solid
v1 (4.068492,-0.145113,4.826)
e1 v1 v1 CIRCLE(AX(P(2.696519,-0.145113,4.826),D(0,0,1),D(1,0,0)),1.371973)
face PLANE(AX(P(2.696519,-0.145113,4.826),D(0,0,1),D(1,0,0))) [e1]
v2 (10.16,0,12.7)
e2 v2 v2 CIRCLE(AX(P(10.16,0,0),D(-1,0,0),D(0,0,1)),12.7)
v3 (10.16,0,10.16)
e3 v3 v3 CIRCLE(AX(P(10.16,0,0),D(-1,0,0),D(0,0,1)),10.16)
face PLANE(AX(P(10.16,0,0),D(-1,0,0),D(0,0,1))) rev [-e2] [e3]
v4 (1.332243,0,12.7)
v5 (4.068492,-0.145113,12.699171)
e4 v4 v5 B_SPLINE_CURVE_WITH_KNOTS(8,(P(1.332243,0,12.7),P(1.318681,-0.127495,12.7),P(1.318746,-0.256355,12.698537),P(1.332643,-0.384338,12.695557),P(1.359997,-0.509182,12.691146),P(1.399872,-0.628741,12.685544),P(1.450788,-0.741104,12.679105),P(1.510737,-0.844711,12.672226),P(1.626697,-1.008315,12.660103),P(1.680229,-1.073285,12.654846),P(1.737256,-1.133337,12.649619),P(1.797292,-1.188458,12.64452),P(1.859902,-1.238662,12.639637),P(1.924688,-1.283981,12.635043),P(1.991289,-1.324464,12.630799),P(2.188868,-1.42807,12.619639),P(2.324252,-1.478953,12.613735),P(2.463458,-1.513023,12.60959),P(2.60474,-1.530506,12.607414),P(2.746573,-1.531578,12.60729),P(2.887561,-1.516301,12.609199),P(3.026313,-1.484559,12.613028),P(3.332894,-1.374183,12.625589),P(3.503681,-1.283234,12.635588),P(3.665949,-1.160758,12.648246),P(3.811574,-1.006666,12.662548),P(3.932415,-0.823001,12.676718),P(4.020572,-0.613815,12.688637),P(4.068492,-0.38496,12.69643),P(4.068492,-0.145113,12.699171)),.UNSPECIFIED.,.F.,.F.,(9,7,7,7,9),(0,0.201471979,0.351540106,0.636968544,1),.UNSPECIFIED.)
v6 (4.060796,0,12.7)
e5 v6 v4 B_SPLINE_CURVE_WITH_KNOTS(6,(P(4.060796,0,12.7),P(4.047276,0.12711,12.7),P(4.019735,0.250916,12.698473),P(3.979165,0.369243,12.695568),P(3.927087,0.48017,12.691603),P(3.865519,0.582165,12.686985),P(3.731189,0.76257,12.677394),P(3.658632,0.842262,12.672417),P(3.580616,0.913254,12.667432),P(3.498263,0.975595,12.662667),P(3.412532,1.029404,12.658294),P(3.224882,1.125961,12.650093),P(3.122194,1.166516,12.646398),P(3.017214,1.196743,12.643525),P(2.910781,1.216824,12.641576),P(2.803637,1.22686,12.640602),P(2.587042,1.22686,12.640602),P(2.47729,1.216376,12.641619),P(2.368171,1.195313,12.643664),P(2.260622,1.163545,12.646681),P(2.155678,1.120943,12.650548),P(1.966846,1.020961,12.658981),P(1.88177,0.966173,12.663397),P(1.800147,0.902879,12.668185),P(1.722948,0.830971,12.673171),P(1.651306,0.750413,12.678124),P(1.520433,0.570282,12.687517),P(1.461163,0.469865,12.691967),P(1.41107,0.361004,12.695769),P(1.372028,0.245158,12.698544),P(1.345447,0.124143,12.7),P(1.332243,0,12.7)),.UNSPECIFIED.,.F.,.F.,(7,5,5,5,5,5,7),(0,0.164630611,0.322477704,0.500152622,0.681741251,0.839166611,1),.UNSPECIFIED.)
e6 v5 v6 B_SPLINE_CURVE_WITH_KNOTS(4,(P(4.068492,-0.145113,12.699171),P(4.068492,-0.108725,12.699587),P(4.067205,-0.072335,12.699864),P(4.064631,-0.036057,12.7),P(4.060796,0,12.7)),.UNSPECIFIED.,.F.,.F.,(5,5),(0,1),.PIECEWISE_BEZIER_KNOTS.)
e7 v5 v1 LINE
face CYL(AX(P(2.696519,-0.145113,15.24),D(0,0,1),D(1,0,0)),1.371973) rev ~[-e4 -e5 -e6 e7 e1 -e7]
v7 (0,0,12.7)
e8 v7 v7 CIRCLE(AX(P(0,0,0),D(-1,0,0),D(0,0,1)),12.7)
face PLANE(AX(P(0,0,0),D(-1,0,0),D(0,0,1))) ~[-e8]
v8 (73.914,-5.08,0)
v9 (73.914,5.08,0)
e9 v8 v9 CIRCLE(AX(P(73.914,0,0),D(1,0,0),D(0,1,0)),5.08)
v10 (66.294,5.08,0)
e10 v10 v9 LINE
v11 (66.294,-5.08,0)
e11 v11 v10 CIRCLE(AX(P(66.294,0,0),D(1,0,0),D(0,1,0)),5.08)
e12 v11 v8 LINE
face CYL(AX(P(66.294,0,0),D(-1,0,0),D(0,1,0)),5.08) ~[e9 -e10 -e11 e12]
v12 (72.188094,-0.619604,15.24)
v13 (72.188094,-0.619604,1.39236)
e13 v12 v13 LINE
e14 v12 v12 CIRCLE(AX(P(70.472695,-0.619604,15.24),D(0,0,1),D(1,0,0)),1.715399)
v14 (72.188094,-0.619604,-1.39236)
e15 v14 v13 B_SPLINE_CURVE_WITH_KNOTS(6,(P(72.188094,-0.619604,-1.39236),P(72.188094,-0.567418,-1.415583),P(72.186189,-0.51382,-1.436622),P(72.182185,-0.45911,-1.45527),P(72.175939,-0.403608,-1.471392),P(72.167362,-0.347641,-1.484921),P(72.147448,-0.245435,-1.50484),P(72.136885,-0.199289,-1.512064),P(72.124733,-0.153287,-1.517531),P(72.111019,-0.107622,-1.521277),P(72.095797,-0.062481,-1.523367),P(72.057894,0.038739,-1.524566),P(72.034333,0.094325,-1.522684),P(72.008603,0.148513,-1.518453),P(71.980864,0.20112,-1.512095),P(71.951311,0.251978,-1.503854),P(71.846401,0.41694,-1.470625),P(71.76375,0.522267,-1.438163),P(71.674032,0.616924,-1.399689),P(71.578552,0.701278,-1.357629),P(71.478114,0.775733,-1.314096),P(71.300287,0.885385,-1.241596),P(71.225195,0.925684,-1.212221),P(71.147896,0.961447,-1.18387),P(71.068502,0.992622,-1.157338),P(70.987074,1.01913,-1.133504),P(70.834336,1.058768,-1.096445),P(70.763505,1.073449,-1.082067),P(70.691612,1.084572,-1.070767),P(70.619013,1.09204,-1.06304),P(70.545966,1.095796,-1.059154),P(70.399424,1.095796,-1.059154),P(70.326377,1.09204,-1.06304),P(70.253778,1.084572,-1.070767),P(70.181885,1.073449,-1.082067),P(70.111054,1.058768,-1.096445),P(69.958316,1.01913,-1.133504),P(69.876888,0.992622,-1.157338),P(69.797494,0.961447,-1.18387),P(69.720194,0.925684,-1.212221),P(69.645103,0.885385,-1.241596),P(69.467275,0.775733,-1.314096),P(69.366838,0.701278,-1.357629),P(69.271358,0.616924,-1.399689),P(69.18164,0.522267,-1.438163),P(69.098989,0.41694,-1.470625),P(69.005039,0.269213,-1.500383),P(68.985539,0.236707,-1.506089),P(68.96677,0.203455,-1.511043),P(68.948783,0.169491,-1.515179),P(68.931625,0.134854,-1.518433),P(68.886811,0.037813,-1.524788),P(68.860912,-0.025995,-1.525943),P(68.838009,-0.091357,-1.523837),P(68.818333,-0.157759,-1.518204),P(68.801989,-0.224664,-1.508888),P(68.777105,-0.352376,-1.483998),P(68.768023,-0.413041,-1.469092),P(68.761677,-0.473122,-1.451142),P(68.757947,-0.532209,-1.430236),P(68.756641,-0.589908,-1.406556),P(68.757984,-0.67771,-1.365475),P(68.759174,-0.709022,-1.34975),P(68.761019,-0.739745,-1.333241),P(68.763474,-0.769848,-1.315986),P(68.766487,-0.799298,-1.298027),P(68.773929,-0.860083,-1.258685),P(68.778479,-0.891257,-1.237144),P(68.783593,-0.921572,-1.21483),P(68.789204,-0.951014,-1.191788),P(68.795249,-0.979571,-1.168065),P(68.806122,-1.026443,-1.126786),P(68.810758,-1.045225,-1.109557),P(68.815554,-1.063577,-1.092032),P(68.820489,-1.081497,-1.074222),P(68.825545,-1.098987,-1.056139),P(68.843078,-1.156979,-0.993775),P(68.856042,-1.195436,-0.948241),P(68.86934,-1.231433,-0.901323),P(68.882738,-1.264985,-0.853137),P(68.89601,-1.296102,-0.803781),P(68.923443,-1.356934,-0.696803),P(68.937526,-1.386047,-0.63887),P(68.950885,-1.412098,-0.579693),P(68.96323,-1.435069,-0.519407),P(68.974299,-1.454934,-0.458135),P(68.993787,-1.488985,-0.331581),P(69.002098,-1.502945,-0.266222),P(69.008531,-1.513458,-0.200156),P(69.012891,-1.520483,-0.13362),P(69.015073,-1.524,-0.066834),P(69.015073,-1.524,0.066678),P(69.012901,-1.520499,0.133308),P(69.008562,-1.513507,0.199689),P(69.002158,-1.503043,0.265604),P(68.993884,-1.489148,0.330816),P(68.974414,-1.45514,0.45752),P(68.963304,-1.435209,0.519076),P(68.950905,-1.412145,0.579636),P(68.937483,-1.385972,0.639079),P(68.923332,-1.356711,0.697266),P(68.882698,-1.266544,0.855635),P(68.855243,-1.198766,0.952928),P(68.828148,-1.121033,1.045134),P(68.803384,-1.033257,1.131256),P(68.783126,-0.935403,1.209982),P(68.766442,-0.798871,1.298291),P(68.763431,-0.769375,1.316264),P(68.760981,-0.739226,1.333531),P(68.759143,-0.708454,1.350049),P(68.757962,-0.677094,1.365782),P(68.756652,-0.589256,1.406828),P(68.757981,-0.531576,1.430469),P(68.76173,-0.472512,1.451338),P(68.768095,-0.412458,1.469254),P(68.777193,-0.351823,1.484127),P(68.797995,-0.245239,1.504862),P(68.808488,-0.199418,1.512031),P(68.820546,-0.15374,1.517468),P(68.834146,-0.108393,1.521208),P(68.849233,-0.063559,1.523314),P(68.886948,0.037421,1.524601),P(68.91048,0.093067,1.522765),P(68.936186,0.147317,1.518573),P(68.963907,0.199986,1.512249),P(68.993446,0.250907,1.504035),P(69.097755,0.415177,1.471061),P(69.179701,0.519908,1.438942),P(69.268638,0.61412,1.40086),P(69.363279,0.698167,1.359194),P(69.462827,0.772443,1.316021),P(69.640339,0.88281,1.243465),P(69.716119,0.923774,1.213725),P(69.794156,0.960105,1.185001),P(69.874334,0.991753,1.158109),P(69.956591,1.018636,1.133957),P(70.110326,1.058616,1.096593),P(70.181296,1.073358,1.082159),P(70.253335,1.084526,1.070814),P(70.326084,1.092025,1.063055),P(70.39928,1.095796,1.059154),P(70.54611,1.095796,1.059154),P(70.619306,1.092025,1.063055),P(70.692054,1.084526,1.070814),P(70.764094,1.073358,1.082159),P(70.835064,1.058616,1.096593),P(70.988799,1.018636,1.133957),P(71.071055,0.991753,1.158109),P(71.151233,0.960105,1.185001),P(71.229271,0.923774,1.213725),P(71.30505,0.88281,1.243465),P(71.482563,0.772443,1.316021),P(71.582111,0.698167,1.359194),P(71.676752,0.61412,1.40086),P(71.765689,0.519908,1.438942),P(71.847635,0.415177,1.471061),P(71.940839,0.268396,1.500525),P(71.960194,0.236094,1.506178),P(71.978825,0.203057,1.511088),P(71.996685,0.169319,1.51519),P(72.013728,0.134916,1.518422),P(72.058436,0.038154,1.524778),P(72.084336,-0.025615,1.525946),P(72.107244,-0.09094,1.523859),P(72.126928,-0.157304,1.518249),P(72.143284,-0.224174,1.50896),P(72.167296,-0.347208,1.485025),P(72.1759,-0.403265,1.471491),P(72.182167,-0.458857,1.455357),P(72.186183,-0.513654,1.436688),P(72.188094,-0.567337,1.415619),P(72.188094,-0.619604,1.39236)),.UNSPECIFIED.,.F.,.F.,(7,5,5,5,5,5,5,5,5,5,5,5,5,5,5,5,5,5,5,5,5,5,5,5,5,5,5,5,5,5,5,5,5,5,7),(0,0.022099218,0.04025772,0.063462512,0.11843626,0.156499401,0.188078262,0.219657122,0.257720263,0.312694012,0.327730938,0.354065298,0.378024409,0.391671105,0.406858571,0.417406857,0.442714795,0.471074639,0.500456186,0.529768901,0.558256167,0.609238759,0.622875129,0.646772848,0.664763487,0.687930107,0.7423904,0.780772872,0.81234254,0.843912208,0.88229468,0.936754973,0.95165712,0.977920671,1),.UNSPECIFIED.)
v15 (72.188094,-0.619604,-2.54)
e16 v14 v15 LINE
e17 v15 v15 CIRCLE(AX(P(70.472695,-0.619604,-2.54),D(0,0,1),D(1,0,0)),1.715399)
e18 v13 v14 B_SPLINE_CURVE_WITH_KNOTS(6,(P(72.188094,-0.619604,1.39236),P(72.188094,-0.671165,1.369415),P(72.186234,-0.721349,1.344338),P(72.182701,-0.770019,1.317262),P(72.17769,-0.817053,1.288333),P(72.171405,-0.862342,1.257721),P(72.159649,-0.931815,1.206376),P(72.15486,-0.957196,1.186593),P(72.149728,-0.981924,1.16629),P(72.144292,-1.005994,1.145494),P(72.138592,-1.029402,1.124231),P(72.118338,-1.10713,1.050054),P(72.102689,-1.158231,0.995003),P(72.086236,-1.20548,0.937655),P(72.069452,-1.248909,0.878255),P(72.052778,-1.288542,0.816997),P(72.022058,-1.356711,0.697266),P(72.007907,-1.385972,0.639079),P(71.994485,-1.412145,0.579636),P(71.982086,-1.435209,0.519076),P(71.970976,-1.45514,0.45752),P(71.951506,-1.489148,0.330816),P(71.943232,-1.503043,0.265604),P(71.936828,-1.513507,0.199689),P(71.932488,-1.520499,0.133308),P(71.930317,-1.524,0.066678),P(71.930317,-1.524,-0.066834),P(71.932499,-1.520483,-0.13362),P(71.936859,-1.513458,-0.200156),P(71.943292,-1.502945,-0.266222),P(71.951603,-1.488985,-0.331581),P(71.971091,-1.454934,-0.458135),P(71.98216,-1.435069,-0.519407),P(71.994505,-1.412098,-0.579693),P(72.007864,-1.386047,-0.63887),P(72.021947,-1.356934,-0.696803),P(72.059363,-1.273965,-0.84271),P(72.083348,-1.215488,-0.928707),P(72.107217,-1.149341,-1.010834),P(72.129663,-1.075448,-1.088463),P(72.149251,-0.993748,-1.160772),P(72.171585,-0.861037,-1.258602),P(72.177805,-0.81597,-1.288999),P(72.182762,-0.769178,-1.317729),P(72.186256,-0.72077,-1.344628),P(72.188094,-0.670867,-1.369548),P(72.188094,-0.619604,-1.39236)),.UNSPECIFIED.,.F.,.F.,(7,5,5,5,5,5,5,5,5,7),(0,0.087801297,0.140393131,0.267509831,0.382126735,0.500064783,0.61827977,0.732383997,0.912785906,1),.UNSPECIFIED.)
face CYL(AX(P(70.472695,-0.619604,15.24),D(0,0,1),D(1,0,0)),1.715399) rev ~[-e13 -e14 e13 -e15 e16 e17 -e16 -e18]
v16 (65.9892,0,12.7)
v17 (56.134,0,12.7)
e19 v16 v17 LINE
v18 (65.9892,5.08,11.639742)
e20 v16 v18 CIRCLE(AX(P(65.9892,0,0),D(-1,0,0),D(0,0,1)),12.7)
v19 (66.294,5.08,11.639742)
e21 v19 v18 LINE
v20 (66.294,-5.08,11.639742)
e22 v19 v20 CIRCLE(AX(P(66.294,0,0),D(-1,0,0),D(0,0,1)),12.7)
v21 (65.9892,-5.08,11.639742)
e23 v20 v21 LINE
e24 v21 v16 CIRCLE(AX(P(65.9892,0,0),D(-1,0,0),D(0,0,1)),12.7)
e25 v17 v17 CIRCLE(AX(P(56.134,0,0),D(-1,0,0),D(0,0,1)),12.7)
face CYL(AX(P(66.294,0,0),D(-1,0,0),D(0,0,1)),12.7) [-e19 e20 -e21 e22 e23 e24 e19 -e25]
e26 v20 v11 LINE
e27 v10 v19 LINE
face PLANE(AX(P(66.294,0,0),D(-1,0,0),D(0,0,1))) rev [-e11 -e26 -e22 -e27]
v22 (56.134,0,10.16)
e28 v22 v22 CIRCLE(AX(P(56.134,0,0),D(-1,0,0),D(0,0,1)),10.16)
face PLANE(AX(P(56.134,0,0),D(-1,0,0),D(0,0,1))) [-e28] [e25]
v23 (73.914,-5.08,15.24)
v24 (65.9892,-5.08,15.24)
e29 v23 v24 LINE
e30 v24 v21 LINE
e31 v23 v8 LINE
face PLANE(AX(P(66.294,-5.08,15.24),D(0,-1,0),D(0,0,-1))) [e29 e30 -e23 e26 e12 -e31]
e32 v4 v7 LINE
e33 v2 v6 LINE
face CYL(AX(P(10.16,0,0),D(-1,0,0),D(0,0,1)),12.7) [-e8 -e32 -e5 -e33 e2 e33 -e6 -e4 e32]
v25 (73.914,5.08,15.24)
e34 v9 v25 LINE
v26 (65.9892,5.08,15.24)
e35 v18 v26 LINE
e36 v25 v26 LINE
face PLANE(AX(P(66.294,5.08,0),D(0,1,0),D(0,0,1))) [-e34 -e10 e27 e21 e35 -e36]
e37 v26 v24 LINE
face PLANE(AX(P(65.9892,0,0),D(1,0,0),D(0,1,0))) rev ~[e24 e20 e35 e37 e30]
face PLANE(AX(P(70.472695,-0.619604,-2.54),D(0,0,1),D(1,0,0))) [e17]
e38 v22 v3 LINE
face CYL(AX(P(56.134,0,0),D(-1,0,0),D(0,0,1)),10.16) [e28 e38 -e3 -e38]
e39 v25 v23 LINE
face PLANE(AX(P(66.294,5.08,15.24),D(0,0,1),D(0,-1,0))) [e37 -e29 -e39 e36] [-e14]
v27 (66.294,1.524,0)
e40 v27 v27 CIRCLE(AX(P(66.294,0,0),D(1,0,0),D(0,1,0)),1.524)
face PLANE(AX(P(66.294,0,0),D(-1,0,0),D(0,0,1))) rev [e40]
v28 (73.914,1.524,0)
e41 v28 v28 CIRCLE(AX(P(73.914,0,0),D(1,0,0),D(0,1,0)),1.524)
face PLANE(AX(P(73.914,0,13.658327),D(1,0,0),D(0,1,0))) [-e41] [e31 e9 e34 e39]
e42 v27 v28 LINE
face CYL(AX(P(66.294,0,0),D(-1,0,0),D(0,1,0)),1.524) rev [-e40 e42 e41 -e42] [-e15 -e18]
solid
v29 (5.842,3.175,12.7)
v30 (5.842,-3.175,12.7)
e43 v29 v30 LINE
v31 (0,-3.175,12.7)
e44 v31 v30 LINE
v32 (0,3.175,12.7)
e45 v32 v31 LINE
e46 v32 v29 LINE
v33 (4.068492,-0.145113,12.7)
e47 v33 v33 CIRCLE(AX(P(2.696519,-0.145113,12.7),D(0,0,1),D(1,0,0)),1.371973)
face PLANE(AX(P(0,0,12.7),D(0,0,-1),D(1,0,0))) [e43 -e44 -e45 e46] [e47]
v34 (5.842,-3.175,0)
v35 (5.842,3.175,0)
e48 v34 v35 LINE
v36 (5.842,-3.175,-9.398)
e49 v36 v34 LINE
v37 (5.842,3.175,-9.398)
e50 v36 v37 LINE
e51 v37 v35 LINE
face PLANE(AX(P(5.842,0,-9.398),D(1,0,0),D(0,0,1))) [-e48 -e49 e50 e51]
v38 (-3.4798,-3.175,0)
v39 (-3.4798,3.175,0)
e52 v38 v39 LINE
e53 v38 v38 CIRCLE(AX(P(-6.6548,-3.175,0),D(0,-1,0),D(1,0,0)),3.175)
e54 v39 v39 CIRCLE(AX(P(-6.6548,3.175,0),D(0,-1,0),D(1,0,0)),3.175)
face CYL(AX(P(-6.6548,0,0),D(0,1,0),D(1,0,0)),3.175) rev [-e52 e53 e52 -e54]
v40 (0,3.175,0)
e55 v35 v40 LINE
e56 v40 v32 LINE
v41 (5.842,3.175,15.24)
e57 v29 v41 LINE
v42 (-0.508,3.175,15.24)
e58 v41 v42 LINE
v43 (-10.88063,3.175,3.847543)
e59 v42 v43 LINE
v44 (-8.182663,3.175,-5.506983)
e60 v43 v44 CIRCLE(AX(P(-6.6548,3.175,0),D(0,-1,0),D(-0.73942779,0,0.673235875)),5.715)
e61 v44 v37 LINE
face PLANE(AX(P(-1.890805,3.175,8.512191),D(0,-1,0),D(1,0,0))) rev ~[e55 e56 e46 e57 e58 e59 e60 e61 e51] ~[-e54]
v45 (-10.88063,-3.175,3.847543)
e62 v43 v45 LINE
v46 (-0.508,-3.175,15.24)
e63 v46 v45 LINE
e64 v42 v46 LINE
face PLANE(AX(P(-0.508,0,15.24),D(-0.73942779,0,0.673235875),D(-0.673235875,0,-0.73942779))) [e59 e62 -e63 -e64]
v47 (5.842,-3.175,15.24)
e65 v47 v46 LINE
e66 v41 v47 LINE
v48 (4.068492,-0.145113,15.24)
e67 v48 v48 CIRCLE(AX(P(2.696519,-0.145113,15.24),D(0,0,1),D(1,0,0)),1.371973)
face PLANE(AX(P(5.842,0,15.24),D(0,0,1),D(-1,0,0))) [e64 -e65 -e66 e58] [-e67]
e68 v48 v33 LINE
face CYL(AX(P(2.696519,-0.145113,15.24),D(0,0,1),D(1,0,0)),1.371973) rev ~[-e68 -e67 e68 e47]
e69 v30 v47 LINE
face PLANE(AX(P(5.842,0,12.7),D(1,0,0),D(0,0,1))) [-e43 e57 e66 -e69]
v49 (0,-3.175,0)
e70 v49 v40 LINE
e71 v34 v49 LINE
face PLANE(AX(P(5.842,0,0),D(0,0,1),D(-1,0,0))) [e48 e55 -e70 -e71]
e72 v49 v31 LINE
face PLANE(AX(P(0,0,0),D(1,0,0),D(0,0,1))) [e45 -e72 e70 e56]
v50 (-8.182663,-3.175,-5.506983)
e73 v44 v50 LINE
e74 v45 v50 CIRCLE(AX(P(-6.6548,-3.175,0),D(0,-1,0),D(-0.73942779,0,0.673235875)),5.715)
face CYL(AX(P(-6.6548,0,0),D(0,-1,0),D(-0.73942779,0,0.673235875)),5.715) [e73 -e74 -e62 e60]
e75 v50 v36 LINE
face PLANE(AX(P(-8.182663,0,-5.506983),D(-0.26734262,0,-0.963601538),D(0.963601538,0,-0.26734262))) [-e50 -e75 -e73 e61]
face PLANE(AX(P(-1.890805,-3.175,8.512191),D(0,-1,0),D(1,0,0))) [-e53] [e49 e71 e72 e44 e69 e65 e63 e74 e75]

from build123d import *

# Parameters (mm, degrees)
F0_W     = 5.842
F0_H     = 12.7
F0_R     = 3.175
F2_DEPTH = 3.175
F3_R     = 1.524
F4_DEPTH = 7.62
F5_DEPTH = 0.3048
F6_R     = 1.715399248
F7_DEPTH = 17.78
F8_R     = 1.3719725567
F9_DEPTH = 10.414


with BuildPart() as f1:
    # F0 (on Front) → F1 (revolve)
    with BuildSketch(Plane.XZ):
        Polygon((5.842, 12.7), (5.842, 0), (66.294, 0), (66.294, 12.7), (56.134, 12.7), (56.134, 10.16), (10.16, 10.16), (10.16, 12.7), align=None)
        with Locations((2.921, 6.35)):
            Rectangle(F0_W, F0_H)
    revolve(axis=Axis((33.147, 0, 0), (-1, 0, 0)))

    # F3 (on face) → F4 (join)
    with BuildSketch(Plane.YZ.offset(66.294)):
        with BuildLine():
            ThreePointArc((-5.08, 11.6397422652), (0, 12.7), (5.08, 11.6397422652))
            Line((5.08, 11.6397422652), (5.08, 15.24))
            Line((5.08, 15.24), (-5.08, 15.24))
            Line((-5.08, 15.24), (-5.08, 11.6397422652))
        make_face()
        with BuildLine():
            ThreePointArc((-5.08, 0), (0, 5.08), (5.08, 0))
            Line((5.08, 0), (5.08, 11.6397422652))
            ThreePointArc((5.08, 11.6397422652), (0, 12.7), (-5.08, 11.6397422652))
            Line((-5.08, 11.6397422652), (-5.08, 0))
        make_face()
        with BuildLine():
            ThreePointArc((-5.08, 0), (0, -5.08), (5.08, 0))
            ThreePointArc((5.08, 0), (0, 5.08), (-5.08, 0))
        make_face()
        Circle(F3_R, mode=Mode.SUBTRACT)
    extrude(amount=F4_DEPTH)

    # F3 (on face) → F5 (join)
    with BuildSketch(Plane.YZ.offset(66.294)):
        with BuildLine():
            ThreePointArc((-5.08, 0), (0, -5.08), (5.08, 0))
            ThreePointArc((5.08, 0), (0, 5.08), (-5.08, 0))
        make_face()
        Circle(F3_R, mode=Mode.SUBTRACT)
        with BuildLine():
            ThreePointArc((-5.08, 0), (0, 5.08), (5.08, 0))
            Line((5.08, 0), (5.08, 15.24))
            Line((5.08, 15.24), (-5.08, 15.24))
            Line((-5.08, 15.24), (-5.08, 0))
        make_face()
    extrude(amount=-F5_DEPTH)

    # F6 (on face) → F7 (cut)
    with BuildSketch(Plane.XY.offset(15.24)):
        with Locations((70.4726949334, -0.6196037284)):
            Circle(F6_R)
    extrude(amount=-F7_DEPTH, mode=Mode.SUBTRACT)


with BuildPart() as f2:
    # F0 (on Front) → F2 (new body, symmetric)
    with BuildSketch(Plane.XZ):
        with BuildLine():
            Line((-0.9398, 0), (0, 0))
            Line((0, 0), (0, 12.7))
            Line((0, 12.7), (5.842, 12.7))
            Line((5.842, 12.7), (5.842, 15.24))
            Line((5.842, 15.24), (-0.508, 15.24))
            Line((-0.508, 15.24), (-10.8806298187, 3.8475430269))
            ThreePointArc((-10.8806298187, 3.8475430269), (-4.5919612295, 5.3297205562), (-0.9398, 0))
        make_face()
        with BuildLine():
            ThreePointArc((-8.1826630726, -5.5069827884), (-3.1957909266, -4.5493385486), (-0.9398, 0))
            ThreePointArc((-0.9398, 0), (-4.5919612295, 5.3297205562), (-10.8806298187, 3.8475430269))
            ThreePointArc((-10.8806298187, 3.8475430269), (-12.1459778134, -1.5837270034), (-8.1826630726, -5.5069827884))
        make_face()
        with Locations((-6.6548, 0)):
            Circle(F0_R, mode=Mode.SUBTRACT)
        with BuildLine():
            Line((5.842, 0), (0, 0))
            Line((0, 0), (-0.9398, 0))
            ThreePointArc((-0.9398, 0), (-3.1957909266, -4.5493385486), (-8.1826630726, -5.5069827884))
            Line((-8.1826630726, -5.5069827884), (5.842, -9.398))
            Line((5.842, -9.398), (5.842, 0))
        make_face()
    extrude(amount=F2_DEPTH, both=True)


with BuildPart() as f9_tool:
    # F8 (on face) → F9 (new body)
    with BuildSketch(Plane.XY.offset(15.24)):
        with Locations((2.6965192519, -0.1451129647)):
            Circle(F8_R)
    extrude(amount=-F9_DEPTH)


with BuildPart() as f1_1:
    add(f1.part)

    # F9: cut by f9_tool
    add(f9_tool.part, mode=Mode.SUBTRACT)


with BuildPart() as f2_1:
    add(f2.part)

    # F9: cut by f9_tool
    add(f9_tool.part, mode=Mode.SUBTRACT)


solid = Compound([f1_1.part, f2_1.part])
